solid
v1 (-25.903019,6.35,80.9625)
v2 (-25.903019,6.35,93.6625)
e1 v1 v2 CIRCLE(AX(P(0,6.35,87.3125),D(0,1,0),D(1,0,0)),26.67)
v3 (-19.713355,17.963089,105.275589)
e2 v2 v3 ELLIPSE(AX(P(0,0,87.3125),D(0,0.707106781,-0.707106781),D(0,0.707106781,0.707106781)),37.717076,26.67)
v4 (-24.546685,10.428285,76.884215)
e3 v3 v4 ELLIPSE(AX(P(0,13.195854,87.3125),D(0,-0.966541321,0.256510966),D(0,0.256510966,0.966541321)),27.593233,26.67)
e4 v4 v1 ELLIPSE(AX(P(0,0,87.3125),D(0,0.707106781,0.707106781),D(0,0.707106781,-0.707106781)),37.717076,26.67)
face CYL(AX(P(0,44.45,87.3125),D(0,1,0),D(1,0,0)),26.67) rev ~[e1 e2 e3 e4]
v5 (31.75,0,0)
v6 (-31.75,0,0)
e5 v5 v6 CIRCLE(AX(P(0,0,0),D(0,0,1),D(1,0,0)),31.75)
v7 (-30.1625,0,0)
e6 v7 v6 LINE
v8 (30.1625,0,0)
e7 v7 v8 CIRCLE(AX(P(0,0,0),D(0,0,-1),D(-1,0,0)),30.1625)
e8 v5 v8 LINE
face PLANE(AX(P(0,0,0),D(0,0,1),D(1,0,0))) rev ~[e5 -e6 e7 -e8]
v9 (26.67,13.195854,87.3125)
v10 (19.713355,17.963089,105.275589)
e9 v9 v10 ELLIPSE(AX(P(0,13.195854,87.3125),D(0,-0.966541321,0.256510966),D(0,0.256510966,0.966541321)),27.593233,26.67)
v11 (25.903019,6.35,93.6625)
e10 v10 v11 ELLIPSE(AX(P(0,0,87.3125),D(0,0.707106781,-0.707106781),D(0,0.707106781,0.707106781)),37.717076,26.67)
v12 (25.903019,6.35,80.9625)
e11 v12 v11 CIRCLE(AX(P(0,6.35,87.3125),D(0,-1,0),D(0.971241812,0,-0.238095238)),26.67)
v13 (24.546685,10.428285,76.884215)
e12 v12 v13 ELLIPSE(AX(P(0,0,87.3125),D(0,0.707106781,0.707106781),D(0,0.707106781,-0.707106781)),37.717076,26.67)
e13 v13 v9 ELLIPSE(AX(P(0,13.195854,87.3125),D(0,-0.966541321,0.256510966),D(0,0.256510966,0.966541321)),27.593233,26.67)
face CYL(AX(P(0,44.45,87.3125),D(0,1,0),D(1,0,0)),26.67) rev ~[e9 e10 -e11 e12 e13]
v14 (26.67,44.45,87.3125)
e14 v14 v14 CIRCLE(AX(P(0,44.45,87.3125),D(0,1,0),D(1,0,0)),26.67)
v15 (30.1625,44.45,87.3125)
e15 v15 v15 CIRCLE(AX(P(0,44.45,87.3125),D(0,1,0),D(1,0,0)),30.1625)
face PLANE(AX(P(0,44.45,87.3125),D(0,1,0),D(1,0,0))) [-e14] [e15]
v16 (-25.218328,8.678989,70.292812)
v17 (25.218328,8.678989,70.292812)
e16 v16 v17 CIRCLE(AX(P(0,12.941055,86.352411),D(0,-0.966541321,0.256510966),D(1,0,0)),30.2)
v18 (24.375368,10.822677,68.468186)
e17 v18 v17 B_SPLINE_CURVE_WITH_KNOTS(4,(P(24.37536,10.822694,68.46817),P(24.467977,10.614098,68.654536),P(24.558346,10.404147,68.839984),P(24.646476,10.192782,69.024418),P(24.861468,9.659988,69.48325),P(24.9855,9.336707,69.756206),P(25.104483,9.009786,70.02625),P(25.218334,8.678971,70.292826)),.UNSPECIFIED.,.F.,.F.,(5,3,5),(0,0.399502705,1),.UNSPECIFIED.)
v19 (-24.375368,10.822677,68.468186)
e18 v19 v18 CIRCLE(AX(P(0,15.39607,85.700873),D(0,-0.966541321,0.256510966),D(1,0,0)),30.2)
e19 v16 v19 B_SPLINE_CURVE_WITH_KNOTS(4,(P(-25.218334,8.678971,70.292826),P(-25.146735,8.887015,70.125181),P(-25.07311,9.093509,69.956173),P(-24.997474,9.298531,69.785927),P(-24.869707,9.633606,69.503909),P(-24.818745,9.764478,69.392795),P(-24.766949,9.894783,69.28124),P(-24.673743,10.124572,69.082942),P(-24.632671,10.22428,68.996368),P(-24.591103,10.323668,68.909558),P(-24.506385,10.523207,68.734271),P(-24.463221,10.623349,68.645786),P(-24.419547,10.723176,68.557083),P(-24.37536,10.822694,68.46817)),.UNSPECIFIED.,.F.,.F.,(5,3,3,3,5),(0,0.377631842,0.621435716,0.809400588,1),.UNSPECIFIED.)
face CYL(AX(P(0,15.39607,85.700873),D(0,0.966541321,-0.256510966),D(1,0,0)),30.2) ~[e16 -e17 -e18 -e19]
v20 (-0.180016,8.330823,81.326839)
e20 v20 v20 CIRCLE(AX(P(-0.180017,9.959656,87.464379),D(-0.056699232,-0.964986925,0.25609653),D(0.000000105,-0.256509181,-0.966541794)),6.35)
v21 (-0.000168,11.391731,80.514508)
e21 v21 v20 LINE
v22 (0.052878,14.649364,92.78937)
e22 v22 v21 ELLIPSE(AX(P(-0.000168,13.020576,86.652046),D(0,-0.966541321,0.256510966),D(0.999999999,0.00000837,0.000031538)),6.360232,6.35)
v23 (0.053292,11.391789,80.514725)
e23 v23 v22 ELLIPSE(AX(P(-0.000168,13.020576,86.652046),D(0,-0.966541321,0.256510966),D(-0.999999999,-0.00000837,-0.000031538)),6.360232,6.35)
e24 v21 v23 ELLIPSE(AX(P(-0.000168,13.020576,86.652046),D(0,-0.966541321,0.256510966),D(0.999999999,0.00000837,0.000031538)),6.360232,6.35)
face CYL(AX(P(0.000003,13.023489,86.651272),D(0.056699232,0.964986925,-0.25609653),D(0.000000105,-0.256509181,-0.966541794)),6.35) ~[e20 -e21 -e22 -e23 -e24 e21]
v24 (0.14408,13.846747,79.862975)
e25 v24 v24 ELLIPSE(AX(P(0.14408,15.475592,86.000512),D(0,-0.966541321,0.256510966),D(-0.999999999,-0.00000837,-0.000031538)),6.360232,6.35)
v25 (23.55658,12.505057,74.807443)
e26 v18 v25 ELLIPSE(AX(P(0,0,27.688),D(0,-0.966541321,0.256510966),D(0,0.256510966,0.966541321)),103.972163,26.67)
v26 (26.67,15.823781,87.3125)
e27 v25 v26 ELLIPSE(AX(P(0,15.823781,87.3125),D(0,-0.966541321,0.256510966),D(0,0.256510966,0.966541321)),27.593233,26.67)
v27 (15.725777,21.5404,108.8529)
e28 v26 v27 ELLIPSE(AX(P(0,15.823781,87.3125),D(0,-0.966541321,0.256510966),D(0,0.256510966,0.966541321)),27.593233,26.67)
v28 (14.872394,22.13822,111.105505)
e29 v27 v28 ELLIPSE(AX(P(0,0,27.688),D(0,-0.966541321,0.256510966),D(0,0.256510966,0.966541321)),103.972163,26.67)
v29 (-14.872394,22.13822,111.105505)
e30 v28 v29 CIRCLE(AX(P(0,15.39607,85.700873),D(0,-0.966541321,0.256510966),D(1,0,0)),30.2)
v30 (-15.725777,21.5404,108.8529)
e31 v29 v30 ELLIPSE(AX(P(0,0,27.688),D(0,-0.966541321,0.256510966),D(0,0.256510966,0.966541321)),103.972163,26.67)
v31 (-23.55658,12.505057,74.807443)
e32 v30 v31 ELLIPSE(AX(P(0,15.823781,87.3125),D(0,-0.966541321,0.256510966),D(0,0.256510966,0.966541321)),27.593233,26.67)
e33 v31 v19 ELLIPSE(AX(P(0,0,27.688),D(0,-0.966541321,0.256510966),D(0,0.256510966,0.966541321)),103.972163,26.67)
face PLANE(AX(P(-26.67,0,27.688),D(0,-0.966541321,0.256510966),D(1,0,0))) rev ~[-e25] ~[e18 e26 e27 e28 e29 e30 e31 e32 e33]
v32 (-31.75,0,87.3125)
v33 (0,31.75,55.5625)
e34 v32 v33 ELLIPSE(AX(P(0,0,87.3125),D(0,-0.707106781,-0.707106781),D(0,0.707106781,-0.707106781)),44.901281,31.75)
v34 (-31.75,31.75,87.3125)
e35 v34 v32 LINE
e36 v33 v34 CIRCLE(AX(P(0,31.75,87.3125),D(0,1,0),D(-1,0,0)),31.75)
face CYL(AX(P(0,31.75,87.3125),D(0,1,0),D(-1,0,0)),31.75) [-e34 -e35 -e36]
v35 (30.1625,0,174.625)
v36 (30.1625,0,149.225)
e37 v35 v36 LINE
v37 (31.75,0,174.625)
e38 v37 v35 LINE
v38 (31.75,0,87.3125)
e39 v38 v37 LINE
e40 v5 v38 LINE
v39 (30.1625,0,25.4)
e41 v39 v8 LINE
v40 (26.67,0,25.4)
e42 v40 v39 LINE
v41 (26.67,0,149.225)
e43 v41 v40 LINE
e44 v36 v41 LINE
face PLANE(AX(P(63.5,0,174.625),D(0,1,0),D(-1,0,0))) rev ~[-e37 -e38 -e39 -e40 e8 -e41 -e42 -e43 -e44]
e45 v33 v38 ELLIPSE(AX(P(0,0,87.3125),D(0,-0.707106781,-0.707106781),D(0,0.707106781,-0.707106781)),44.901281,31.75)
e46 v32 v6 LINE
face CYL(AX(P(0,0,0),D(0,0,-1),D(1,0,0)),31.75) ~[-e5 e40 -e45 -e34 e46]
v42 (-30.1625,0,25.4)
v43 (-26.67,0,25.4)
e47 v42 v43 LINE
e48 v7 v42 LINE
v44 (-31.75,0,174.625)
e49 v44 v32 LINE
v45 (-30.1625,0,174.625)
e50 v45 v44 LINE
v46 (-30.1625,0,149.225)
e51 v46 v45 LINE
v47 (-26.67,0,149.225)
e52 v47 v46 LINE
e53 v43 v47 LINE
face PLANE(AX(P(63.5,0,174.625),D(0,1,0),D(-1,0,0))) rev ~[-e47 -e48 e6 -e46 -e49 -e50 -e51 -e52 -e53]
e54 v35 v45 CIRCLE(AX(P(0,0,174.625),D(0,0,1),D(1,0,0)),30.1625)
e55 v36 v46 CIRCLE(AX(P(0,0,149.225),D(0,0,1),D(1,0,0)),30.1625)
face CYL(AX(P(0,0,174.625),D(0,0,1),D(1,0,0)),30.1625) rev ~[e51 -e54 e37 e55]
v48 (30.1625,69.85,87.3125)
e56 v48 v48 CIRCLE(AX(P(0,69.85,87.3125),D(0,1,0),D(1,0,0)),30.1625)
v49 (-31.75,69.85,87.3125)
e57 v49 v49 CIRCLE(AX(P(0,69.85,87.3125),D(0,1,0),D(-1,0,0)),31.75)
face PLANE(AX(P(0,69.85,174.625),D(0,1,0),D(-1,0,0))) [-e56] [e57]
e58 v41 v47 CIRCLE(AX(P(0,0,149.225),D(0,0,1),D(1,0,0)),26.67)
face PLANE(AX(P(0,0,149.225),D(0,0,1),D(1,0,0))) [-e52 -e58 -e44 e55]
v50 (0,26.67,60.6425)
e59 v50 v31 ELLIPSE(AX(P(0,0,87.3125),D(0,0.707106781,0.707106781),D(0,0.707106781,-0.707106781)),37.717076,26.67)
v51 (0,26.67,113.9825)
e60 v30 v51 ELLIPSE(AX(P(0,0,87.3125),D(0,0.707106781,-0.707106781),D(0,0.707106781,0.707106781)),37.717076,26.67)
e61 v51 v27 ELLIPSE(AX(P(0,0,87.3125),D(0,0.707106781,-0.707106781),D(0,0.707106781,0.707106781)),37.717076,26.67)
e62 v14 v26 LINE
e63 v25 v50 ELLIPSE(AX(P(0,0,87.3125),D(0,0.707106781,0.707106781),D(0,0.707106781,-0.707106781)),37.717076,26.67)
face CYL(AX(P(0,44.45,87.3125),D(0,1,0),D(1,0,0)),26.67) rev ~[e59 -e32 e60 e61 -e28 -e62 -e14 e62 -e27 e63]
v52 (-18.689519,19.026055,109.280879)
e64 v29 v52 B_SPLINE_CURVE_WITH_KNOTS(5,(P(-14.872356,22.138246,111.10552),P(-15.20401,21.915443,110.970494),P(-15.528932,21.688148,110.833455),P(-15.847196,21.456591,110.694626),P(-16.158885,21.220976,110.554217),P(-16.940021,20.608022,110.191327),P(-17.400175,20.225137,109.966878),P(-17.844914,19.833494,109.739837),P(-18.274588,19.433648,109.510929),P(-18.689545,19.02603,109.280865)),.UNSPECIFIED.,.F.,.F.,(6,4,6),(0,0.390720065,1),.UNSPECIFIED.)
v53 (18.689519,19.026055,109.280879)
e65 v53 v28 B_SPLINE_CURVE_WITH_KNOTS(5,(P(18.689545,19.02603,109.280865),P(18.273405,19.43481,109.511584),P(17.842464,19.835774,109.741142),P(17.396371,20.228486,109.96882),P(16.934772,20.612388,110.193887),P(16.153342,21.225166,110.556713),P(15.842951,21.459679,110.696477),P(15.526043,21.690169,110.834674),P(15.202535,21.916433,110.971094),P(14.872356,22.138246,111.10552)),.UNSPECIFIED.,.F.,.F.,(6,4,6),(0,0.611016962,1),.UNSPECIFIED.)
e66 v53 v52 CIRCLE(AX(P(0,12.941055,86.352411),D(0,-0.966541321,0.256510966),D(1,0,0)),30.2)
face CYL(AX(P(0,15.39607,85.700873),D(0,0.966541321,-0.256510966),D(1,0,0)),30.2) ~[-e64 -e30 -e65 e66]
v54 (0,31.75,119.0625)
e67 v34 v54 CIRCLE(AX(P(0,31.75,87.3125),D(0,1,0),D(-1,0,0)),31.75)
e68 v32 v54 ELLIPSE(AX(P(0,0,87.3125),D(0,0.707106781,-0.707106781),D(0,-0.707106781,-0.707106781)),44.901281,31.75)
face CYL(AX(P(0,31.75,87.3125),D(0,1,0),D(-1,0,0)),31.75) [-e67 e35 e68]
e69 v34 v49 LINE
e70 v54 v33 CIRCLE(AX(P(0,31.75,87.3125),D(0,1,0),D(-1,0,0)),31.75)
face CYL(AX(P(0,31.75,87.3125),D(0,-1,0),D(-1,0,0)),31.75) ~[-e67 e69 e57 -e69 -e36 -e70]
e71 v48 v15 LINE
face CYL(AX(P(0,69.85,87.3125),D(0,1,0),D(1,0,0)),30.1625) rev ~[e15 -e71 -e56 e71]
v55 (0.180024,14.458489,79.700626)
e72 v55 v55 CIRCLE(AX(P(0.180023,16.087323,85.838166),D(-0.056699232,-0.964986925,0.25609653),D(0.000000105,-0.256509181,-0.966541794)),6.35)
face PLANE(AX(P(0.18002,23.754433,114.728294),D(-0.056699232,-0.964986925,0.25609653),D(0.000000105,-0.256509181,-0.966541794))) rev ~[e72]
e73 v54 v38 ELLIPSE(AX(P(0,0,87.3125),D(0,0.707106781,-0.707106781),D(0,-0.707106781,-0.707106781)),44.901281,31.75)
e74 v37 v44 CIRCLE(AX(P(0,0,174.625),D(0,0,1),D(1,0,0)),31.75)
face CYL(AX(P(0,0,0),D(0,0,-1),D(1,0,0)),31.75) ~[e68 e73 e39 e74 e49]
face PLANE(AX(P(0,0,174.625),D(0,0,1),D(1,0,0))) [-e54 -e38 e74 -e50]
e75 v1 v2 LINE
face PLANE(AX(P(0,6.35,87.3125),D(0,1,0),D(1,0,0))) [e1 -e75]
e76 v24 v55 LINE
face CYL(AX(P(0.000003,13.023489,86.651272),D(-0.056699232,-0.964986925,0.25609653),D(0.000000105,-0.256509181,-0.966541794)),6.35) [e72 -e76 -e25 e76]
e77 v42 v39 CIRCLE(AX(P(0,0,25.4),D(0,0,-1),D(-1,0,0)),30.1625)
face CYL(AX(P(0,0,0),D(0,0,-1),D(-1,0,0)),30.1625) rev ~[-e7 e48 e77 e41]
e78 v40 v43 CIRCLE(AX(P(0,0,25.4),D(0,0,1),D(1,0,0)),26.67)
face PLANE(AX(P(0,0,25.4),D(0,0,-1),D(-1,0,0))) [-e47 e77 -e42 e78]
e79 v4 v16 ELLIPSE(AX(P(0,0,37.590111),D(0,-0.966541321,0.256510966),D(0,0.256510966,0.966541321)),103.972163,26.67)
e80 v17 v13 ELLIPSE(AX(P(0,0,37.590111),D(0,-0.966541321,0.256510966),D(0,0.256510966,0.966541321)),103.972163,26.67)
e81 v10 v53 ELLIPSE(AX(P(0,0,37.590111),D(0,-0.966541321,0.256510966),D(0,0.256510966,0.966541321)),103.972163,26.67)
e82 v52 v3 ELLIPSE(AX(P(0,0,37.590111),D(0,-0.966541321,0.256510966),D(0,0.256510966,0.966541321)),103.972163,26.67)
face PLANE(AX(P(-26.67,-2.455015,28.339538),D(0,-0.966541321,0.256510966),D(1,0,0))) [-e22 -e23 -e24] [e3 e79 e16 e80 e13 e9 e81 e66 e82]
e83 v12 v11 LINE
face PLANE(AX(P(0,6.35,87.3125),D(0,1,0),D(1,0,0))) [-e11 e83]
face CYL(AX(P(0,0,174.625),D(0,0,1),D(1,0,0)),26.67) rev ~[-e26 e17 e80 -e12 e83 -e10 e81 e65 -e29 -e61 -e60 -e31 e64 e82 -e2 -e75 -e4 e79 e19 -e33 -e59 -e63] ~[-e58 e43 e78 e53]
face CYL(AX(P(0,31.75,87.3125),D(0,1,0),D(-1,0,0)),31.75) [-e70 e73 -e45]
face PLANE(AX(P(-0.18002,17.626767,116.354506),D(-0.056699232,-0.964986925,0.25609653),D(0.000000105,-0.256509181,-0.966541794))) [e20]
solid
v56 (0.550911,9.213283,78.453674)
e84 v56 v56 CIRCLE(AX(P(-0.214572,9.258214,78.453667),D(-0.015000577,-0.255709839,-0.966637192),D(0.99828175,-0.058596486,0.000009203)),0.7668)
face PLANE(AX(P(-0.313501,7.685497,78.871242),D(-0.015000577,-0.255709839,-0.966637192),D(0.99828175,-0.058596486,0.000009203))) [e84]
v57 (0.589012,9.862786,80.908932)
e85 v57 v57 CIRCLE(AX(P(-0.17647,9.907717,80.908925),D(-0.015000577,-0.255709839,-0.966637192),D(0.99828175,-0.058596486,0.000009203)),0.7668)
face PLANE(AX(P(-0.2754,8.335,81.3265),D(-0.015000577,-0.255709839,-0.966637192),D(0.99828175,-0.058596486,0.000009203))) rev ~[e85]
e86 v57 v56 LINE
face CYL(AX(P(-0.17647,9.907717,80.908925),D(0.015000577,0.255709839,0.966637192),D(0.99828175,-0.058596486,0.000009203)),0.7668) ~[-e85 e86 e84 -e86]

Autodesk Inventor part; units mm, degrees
sketch "Sketch1" plane through (0, 0, 0) normal (0, 0, 1) x (1, 0, 0)
  circle A0 centre (0, 0) radius 31.75
  dimension "d0" = 63.5
extrude "mainBody" add sketch "Sketch1" along normal blind 174.625
sketch "Sketch10" plane through (0, 0, 174.625) normal (0, 0, 1) x (1, 0, 0)
  circle A0 centre (0, 0) radius 30.1625 projected
  circle A1 centre (0, 0) radius 31.75 projected
  point P0 (0, 31.75)
ref_plane "Work Plane5" through (0, 31.75, 174.625) normal (0, 1, 0) x (-1, 0, 0)
sketch "Sketch11" plane through (0, 31.75, 174.625) normal (0, 1, 0) x (-1, 0, 0)
  circle A0 centre (0, -87.3125) radius 31.75
  line L0 (31.75, 0) -> (-31.75, 0) projected
  point P0 (0, -174.625)
  dimension "d29" = 87.3125
  dimension "d30" = 63.5
extrude "TBody" add sketch "Sketch11" along normal blind 38.1 and the other way blind 31.75
sketch "Sketch12" plane through (0, 69.85, 87.3125) normal (0, 1, 0) x (1, 0, 0)
  circle A0 centre (0, 0) radius 31.75 projected
  circle A1 centre (0, 0) radius 30.1625
  point P0 (0, 87.3125)
  dimension "d35" = 60.325
extrude "TSocket" cut sketch "Sketch12" against normal blind 25.4 contours A1
sketch "Sketch13" plane through (0, 44.45, 87.3125) normal (0, 1, 0) x (1, 0, 0)
  circle A0 centre (0, 0) radius 30.1625 projected
  circle A1 centre (0, 0) radius 26.67
  point P0 (0, 87.3125)
  dimension "d39" = 53.34
extrude "TTube" cut sketch "Sketch13" against normal blind 38.1 contours A1
sketch "Sketch14" plane through (0, 0, 174.625) normal (0, 0, 1) x (1, 0, 0)
  circle A0 centre (0, 0) radius 31.75 projected
  circle A1 centre (0, 0) radius 26.67
  dimension "d43" = 53.34
extrude "mainTube" cut sketch "Sketch14" against normal blind 177.8 contours A1
sketch "Sketch15" plane through (0, 0, 174.625) normal (0, 0, 1) x (1, 0, 0)
  circle A0 centre (0, 0) radius 26.67 projected
  circle A1 centre (0, 0) radius 31.75 projected
  circle A2 centre (0, 0) radius 30.1625
  dimension "d47" = 60.325
extrude "mainSocket1" cut sketch "Sketch15" against normal blind 25.4 contours A2
sketch "Sketch16" plane through (0, 0, 0) normal (0, 0, -1) x (-1, 0, 0)
  circle A0 centre (0, 0) radius 26.67 projected
  circle A1 centre (0, 0) radius 31.75 projected
  circle A2 centre (0, 0) radius 30.1625
  dimension "d51" = 60.325
extrude "mainSocket2" cut sketch "Sketch16" against normal blind 25.4 contours A2
sketch "Sketch21" plane through (0, 0, 174.625) normal (0, 0, 1) x (1, 0, 0)
  line L0 (-63.5, -52.3875) -> (63.5, -52.3875)
  line L1 (63.5, -52.3875) -> (63.5, 0)
  line L2 (63.5, 0) -> (-63.5, 0)
  line L3 (-63.5, 0) -> (-63.5, -52.3875)
extrude "Extrusion18" cut sketch "Sketch21" against normal blind 203.2
sketch "Sketch23" plane through (-26.67, 0, 25.4) normal (0, -1, 0) x (1, 0, 0)
  line L0 (-3.4925, 149.225) -> (-3.4925, 123.825) projected
  line L1 (-5.08, 149.225) -> (-3.4925, 149.225) projected
  line L2 (-5.08, 61.9125) -> (-5.08, 149.225) projected
  line L3 (-5.08, -25.4) -> (-5.08, 61.9125) projected
  line L4 (-3.4925, -25.4) -> (-5.08, -25.4) projected
  line L5 (-3.4925, 0) -> (-3.4925, -25.4) projected
  line L6 (0, 0) -> (-3.4925, 0) projected
  line L7 (0, 123.825) -> (0, 0) projected
  line L8 (-3.4925, 123.825) -> (0, 123.825) projected
  line L9 (0, 2.288) -> (54.6196, 2.288)
  line L10 (54.6196, 2.288) -> (54.6196, 123.825)
  line L11 (54.6196, 123.825) -> (0, 123.825)
  line L12 (0, 123.825) -> (0, 2.288)
  point P0 (26.67, -25.4)
ref_plane "Work Plane9" through (-26.67, 0, 27.688) normal (0, -0.9665, 0.2565) x (1, 0, 0)
sketch "Sketch24" plane through (-26.67, 0, 27.688) normal (0, -0.9665, 0.2565) x (1, 0, 0)
  circle A0 centre (26.67, 60.0211) radius 30.2
  point P0 (26.67, -26.7614)
extrude "15deg" add sketch "Sketch24" along normal blind 2.54
sketch "Sketch28" plane through (-26.67, -2.455, 28.3397) normal (0, -0.9665, 0.2565) x (1, 0, 0)
  ellipse E0 centre (26.67, 9.5695) end of major axis (26.67, 113.529) minor radius 26.67 (51.8879, 43.4049) -> (51.2161, 50.2241) ccw projected
  ellipse E1 centre (26.67, 61.0148) end of major axis (26.67, 33.4214) minor radius 26.67 (51.2161, 50.2241) -> (46.38, 79.6037) ccw projected
  ellipse E2 centre (26.67, 9.5695) end of major axis (26.67, 113.529) minor radius 26.67 (46.38, 79.6037) -> (45.3561, 83.7461) ccw projected
  arc A0 (45.3561, 83.7461) -> (7.9839, 83.7461) centre (26.67, 60.0211) ccw projected
  ellipse E3 centre (26.67, 9.5695) end of major axis (26.67, 113.529) minor radius 26.67 (7.9839, 83.7461) -> (6.96, 79.6037) ccw projected
  ellipse E4 centre (26.67, 61.0148) end of major axis (26.67, 33.4214) minor radius 26.67 (6.96, 79.6037) -> (2.1239, 50.2241) ccw projected
  ellipse E5 centre (26.67, 9.5695) end of major axis (26.67, 113.529) minor radius 26.67 (2.1239, 50.2241) -> (1.4521, 43.4049) ccw projected
  arc A1 (1.4521, 43.4049) -> (51.8879, 43.4049) centre (26.67, 60.0211) ccw projected
  line L0 (26.67, 90.2212) -> (26.67, 29.8211) construction
  point P0 (26.67, -26.7614)
ref_plane "Work Plane12" through (0, 20.6906, 115.5414) normal (-0.0567, -0.965, 0.2561) x (0, -0.2565, -0.9665)
sketch "Sketch29" plane through (0, 20.6906, 115.5414) normal (-0.0567, -0.965, 0.2561) x (0, -0.2565, -0.9665)
  circle A0 centre (29.8902, 0) radius 6.35
  point P0 (116.9826, -0.5467)
  dimension "d86" = 12.7
extrude "Extrusion23" add sketch "Sketch29" along normal mid plane 6.35
sketch "Sketch30" plane through (-0.18, 9.9586, 87.4647) normal (-0.0567, -0.965, 0.2561) x (0.9983, -0.0586, 0)
  circle A0 centre (0, 0) radius 6.35 projected
  point P0 (0.7638, -87.0907)
  point P1 (0, -6.35)
ref_plane "Work Plane13" through (-0.2754, 8.335, 81.3265) normal (-0.015, -0.2557, -0.9666) x (0.9983, -0.0586, 0)
sketch "Sketch33" plane through (-0.2754, 8.335, 81.3265) normal (-0.015, -0.2557, -0.9666) x (0.9983, -0.0586, 0)
  circle A0 centre (0.0066, -1.6302) radius 0.7668
  point P0 (0.7638, -12.8026)
extrude "Extrusion24" add sketch "Sketch33" along normal blind 2.54
properties part number "0T2split" material "PVC-Piping"
